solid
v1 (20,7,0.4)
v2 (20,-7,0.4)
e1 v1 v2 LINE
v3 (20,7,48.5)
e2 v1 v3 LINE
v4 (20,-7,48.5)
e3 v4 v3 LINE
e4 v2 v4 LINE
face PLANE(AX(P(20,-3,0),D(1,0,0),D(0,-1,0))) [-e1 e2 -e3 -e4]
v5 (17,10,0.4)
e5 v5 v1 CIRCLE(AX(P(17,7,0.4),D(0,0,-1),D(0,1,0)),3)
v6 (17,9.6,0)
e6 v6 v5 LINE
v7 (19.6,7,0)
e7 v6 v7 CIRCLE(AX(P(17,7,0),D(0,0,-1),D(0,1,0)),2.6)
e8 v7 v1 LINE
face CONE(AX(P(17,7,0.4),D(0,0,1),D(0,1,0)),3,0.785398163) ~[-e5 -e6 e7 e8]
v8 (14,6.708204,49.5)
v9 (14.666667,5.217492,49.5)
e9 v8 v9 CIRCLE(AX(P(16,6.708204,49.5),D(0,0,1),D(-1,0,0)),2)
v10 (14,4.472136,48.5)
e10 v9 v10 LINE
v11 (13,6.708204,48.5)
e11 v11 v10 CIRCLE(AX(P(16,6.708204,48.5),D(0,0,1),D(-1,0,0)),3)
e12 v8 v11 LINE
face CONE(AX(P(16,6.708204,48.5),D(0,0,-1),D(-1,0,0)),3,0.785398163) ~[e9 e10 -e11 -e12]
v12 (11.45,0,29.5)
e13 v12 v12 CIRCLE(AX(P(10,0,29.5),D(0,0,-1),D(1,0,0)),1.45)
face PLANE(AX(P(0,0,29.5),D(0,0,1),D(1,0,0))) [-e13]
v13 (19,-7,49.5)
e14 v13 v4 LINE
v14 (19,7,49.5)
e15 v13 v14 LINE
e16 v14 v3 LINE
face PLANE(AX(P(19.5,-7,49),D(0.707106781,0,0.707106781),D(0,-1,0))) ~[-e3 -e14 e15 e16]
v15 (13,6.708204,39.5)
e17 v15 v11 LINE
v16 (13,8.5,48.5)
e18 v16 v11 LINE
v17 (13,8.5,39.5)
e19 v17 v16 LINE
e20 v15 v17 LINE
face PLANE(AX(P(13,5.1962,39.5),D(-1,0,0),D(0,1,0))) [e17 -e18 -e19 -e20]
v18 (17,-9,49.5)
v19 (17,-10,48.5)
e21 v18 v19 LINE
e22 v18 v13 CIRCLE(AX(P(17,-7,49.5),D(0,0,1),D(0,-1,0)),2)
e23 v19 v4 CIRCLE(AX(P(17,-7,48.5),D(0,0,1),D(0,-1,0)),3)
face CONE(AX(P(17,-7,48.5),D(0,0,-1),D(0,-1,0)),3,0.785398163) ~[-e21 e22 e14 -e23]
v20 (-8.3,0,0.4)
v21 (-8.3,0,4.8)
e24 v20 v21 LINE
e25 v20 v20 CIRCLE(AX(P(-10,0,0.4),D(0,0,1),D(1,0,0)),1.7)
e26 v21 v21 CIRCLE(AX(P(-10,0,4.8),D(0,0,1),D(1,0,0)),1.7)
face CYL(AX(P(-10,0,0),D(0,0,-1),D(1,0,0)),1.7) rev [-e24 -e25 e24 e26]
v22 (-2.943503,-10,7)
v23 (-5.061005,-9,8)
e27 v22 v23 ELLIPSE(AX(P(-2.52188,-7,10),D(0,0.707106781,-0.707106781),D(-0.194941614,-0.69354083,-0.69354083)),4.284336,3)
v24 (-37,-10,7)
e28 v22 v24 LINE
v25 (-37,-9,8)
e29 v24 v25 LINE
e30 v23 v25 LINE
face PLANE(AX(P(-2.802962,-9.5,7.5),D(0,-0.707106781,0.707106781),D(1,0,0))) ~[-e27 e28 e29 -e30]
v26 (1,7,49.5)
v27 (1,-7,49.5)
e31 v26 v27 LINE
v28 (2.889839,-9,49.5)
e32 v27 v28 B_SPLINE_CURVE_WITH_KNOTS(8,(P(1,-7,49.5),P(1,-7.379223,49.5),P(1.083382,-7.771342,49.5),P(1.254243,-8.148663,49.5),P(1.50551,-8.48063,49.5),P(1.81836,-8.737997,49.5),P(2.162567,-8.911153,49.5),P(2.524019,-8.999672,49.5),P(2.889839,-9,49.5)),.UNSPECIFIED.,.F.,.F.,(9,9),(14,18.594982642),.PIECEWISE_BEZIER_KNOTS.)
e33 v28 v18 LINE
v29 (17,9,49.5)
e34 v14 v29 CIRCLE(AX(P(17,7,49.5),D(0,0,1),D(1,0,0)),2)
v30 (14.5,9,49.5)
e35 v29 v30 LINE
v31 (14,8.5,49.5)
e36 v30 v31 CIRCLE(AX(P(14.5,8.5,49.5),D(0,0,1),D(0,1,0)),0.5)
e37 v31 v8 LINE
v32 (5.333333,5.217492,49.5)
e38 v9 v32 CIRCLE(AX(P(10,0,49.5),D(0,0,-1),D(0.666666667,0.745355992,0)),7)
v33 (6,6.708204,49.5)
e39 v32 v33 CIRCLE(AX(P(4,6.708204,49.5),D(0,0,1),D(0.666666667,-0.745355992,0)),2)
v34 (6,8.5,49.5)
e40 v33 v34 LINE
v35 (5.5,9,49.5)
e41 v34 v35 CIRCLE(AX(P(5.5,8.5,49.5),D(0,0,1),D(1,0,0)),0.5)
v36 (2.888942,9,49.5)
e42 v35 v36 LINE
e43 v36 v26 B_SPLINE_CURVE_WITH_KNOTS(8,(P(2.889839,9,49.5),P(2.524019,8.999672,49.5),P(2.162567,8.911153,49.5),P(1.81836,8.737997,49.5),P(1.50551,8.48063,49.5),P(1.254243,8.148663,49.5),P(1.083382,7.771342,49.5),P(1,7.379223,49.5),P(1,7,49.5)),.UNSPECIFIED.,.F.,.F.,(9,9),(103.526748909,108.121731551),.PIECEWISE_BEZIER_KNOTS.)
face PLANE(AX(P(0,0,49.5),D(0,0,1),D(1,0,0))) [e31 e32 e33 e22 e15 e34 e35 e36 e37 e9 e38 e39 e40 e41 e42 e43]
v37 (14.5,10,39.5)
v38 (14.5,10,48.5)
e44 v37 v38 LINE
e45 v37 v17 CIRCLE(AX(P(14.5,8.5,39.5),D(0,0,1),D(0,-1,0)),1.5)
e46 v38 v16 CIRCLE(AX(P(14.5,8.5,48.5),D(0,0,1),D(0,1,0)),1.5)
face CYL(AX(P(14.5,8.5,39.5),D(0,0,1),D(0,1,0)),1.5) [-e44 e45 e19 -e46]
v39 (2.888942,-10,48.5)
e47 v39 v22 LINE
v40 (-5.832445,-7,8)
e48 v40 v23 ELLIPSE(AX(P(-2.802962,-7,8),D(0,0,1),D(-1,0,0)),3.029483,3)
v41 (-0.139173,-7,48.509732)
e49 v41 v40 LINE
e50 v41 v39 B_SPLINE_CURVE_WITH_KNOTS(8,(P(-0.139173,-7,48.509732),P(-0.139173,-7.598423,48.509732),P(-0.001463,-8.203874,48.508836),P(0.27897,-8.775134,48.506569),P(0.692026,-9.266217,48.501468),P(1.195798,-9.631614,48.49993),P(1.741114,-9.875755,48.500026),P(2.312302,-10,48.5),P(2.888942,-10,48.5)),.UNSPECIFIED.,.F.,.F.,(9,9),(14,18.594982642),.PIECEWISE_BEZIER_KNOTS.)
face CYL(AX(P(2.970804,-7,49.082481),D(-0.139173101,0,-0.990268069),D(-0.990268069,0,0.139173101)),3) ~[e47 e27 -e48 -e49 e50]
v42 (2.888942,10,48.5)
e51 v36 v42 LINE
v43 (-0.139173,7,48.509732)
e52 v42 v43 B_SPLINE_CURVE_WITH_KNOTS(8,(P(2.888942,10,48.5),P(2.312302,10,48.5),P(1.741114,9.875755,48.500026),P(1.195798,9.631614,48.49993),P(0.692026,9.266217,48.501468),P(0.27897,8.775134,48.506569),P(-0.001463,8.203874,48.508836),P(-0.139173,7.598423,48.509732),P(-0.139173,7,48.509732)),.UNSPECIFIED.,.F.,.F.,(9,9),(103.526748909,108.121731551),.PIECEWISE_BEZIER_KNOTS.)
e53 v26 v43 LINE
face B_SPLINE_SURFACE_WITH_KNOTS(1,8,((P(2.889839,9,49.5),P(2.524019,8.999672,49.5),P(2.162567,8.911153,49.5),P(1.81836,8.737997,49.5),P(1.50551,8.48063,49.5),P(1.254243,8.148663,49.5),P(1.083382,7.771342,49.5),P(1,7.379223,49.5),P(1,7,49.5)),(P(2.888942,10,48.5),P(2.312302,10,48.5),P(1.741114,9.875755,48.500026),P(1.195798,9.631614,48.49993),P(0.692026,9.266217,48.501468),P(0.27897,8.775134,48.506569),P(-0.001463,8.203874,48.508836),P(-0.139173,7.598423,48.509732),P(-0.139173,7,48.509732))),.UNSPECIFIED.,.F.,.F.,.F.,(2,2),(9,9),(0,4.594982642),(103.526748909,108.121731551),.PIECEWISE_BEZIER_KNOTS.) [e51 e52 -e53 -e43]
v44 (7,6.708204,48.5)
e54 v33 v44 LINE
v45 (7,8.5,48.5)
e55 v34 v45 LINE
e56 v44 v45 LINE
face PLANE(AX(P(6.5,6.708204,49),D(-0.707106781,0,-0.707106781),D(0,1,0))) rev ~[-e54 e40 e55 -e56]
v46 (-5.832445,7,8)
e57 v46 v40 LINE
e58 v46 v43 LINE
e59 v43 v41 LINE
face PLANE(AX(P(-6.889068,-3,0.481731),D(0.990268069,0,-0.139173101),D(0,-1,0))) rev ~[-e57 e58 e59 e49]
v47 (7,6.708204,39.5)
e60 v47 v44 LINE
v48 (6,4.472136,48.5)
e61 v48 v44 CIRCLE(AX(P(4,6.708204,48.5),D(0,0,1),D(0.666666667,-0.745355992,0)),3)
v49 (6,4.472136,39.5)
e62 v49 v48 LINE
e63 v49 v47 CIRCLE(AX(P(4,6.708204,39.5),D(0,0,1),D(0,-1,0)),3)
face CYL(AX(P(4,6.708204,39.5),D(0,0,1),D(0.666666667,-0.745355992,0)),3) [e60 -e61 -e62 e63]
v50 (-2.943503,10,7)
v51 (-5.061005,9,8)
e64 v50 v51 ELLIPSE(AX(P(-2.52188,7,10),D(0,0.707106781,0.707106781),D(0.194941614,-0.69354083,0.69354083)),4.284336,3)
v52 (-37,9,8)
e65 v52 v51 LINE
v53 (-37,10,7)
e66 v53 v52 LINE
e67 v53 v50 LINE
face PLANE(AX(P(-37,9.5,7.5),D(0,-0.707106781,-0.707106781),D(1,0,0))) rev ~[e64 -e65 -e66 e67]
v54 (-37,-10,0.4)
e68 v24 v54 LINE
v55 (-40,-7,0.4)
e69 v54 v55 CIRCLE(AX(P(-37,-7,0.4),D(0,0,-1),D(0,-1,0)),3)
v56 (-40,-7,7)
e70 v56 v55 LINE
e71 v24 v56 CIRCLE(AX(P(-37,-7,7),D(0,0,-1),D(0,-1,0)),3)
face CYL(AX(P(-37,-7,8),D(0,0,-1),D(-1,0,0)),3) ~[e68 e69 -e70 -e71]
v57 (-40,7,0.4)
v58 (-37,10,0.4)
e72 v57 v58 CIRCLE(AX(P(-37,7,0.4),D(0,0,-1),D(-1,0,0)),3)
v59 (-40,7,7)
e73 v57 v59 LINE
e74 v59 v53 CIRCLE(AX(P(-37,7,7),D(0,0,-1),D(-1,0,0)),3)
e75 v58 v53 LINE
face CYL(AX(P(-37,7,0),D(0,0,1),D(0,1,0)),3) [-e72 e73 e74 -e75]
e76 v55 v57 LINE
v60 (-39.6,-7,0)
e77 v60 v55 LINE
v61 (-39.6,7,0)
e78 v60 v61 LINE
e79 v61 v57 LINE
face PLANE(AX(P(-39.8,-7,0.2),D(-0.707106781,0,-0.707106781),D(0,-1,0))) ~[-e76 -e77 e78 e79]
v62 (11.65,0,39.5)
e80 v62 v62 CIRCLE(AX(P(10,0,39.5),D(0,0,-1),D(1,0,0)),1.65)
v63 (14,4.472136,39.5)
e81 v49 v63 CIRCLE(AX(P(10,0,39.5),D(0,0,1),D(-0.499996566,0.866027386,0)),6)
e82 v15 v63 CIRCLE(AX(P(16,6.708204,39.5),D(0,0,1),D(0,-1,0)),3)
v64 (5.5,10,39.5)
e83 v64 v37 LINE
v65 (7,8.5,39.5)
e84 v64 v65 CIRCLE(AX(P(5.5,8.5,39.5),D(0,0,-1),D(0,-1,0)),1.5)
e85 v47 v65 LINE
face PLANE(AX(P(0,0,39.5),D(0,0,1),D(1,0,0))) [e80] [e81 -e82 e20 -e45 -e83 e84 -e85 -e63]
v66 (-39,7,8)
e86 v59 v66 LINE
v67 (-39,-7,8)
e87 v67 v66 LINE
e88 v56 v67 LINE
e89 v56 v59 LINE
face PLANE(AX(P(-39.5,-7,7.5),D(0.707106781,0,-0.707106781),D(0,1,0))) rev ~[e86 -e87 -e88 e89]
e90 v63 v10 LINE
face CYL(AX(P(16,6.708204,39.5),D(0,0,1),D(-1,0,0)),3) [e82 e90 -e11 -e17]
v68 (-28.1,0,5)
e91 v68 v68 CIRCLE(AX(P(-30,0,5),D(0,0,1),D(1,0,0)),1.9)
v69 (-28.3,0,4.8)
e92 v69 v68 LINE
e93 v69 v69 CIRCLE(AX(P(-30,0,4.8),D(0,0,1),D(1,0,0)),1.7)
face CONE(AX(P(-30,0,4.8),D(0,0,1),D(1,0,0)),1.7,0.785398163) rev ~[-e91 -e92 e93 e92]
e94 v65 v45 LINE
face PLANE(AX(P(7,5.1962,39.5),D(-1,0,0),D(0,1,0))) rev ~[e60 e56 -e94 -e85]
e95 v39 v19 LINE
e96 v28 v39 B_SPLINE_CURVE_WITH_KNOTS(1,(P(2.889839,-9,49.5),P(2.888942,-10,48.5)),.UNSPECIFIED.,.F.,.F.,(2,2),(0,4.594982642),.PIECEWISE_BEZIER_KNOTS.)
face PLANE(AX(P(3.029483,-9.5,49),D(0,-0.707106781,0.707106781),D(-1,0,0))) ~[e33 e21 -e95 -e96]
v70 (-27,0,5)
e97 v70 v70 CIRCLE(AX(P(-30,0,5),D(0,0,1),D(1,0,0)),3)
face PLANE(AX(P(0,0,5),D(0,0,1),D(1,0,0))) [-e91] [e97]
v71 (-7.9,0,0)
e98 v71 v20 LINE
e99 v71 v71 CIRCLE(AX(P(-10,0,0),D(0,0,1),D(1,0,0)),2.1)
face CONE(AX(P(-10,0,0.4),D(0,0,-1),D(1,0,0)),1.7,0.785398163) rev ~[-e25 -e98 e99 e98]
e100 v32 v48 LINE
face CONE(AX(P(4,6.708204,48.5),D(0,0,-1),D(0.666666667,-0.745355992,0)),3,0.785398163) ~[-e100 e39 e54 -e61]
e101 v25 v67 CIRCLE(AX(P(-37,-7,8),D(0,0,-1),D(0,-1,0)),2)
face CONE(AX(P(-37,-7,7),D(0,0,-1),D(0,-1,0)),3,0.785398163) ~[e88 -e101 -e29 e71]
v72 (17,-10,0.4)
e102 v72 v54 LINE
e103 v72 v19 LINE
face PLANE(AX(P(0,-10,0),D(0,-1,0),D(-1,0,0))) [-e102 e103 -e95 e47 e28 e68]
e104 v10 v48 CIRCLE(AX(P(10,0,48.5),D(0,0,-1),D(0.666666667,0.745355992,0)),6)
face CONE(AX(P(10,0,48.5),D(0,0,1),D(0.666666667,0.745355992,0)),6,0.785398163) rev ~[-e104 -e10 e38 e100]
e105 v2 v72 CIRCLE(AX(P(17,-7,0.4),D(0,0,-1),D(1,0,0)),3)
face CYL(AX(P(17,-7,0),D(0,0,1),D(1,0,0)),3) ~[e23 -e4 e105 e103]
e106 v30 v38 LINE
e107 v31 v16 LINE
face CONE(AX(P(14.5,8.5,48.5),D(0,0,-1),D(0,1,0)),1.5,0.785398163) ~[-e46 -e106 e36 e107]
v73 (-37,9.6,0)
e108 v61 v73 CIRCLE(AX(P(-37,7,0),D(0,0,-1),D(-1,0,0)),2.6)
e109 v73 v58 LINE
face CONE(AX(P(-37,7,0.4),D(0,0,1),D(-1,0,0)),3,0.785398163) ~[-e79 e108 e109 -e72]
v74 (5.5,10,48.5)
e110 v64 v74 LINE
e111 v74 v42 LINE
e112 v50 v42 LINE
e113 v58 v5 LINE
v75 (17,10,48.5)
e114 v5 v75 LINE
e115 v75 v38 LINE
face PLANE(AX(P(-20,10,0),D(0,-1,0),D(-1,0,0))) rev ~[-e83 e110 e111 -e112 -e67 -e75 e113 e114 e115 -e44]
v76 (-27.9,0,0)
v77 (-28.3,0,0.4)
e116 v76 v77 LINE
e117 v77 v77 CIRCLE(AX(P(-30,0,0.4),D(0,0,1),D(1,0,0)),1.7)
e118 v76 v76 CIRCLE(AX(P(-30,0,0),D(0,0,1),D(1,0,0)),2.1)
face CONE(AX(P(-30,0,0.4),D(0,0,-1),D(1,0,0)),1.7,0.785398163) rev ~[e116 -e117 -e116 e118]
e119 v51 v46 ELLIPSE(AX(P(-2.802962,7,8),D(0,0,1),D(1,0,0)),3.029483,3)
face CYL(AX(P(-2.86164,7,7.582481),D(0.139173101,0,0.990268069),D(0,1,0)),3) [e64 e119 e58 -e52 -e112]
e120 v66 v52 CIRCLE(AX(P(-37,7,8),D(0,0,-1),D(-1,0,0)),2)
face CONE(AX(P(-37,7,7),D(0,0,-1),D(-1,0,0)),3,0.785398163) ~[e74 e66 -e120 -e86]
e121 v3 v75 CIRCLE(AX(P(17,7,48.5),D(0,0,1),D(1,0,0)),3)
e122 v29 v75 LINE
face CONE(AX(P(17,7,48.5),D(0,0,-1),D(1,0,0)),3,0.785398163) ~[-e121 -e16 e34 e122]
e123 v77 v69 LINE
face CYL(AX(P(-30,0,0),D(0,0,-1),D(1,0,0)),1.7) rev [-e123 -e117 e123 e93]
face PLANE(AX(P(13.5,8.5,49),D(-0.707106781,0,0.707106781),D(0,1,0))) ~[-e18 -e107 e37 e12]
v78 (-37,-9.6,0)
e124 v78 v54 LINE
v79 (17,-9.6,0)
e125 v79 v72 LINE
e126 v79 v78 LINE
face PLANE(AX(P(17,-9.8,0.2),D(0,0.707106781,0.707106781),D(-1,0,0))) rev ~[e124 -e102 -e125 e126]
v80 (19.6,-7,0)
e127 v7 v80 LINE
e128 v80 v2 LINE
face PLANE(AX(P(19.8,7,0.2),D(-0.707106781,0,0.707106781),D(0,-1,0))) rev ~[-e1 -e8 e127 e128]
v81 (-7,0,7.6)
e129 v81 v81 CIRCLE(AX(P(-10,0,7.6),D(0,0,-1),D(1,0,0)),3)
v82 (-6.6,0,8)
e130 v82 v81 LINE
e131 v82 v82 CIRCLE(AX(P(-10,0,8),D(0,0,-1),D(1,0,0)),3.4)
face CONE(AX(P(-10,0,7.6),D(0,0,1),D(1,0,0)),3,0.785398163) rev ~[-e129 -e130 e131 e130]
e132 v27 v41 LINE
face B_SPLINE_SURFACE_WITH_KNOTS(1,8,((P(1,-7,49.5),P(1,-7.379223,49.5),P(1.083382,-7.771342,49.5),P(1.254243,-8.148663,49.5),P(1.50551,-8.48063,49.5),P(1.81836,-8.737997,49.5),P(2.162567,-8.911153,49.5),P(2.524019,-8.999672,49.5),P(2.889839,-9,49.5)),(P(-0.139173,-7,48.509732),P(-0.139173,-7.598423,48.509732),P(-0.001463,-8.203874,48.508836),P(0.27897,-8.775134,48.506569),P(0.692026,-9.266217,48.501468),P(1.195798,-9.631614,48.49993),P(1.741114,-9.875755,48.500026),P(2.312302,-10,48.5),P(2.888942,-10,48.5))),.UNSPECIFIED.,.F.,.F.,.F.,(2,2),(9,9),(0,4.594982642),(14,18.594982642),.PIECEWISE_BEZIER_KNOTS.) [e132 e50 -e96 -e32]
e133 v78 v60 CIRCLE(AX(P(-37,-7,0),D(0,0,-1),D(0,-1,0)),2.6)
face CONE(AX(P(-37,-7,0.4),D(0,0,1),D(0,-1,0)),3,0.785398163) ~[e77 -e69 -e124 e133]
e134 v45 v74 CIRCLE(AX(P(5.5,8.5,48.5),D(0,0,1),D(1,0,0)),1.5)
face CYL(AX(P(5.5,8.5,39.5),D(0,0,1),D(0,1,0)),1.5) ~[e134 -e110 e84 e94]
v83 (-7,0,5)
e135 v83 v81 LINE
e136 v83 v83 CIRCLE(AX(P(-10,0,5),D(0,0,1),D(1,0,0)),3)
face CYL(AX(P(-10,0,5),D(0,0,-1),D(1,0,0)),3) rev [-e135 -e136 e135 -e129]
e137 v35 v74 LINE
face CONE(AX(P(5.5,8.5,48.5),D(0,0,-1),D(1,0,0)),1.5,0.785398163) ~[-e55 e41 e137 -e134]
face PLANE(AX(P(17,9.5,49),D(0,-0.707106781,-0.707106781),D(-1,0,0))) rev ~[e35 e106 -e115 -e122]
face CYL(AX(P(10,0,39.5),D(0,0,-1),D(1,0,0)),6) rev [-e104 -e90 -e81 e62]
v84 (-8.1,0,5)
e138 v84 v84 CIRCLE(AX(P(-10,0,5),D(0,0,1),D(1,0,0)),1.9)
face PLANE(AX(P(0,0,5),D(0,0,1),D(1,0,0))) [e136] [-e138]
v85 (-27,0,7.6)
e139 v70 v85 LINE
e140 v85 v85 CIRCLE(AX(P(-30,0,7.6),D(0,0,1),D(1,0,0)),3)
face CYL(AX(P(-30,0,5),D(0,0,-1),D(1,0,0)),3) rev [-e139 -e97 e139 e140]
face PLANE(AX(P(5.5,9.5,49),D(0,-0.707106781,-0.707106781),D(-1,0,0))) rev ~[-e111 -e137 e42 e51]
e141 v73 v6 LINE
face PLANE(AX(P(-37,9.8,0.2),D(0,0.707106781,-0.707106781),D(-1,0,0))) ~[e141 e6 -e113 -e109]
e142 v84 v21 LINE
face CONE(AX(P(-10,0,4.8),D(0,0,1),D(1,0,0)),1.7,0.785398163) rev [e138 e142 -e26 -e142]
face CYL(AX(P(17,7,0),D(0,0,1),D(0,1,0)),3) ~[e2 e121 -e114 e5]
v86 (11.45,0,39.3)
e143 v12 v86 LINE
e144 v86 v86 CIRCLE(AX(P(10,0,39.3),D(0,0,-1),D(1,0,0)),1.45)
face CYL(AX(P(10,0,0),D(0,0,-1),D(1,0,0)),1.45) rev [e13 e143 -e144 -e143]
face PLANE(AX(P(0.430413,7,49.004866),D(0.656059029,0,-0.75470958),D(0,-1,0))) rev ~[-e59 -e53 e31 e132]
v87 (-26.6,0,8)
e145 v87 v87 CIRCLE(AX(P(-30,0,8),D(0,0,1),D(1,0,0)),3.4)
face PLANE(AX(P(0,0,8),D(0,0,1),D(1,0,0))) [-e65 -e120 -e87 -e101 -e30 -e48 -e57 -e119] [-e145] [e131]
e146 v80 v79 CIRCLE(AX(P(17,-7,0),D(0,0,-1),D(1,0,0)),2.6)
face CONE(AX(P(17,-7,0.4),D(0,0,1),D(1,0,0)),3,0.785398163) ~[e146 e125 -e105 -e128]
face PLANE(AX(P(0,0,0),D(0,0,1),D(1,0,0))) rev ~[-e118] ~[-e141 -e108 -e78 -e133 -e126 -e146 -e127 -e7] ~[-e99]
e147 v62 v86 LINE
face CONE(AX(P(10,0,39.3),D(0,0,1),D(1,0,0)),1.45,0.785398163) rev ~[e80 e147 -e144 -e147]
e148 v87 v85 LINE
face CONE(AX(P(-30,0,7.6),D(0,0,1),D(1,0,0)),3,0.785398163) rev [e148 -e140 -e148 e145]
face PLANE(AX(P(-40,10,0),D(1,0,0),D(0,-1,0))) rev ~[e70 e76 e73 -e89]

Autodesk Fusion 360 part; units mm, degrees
sketch "Sketch1" plane through (0, 0, 0) normal (0, 0, 1) x (1, 0, 0)
  line L0 (20, -10) -> (-20, -10)
  line L1 (-20, -10) -> (-20, 10)
  line L2 (-20, 10) -> (20, 10)
  line L3 (20, 10) -> (20, -10)
  line L4 (20, -10) -> (-20, 10) construction
  line L5 (-20, -10) -> (20, 10) construction
  line L6 (10, 10) -> (10, -10)
  line L7 (-10, 10) -> (-10, -10) construction
  circle A0 centre (-10, 0) radius 1.7
  circle A1 centre (-10, 0) radius 3
  circle A2 centre (10, 0) radius 1.45
  circle A3 centre (10, 0) radius 3
  line L8 (-20, 3) -> (20, 3)
  line L9 (-20, -3) -> (20, -3)
  circle A4 centre (10, 0) radius 6
  line L10 (13, 5.1962) -> (13, 10)
  line L11 (7, 5.1962) -> (7, 10)
  line L12 (-7, 3) -> (-7, -3)
  line L13 (7, 3) -> (7, -3)
  line L14 (0, 10) -> (0, -10)
  line L15 (-20, 10) -> (-40, 10)
  line L16 (-40, 10) -> (-40, -10)
  line L17 (-40, -10) -> (-20, -10)
  line L18 (-40, 0) -> (-20, 0) construction
  circle A5 centre (-30, 0) radius 1.7
  circle A6 centre (-30, 0) radius 3
  dimension "d1" = 40
  dimension "d2" = 20
  dimension "d3" = 10
  dimension "d4" = 10
  dimension "d5" = 3.4
  dimension "d6" = 6
  dimension "d7" = 12
  dimension "d8" = 6
  dimension "d15" = 2.9
  dimension "d36" = 20
extrude "Extrude1" add sketch "Sketch1" against normal blind 1.2 contours L8 L9 A4 L14 | L8 L9 L12 L14 | L8 L9 A4 L13
extrude "Extrude2" add sketch "Sketch1" along normal blind 39.5 contours L0 L3 L6 L9 A4 | L0 L6 L9 A4 L14 | L3 L8 L9 A4 | L6 L9 A4 | L6 L9 A4 | L2 L3 L8 A4 L10 | A3 L8 L9 A4 | L8 L9 A4 L14 | L6 A2 A3 | A3 L9 L13 | L6 A2 A3 | L8 L9 A4 L13 | L6 L8 A4 | L2 L8 A4 L11 L14 | L6 A2 | L6 A2 | A3 L8 L13 | L6 L8 A4 | L2 L6 A4 L10 | L2 L6 A4 L11
extrude "Extrude3" cut sketch "Sketch1" along normal blind 39.5 contours L6 A2 | L6 A2
extrude "Extrude4" add sketch "Sketch1" along normal blind 29.5 contours L6 A2 | L6 A2
extrude "Extrude5" add sketch "Sketch1" along normal blind 5 contours L0 L1 L9 L14 | L1 L15 L16 L17 | L8 L9 L12 L14 | L1 A1 L8 L9 | A1 L9 L12 | L1 L2 L8 L14 | A1 | A1 L8 L12 | A6
extrude "Extrude6" add sketch "Sketch1" along normal blind 3 from surface at 5 contours L0 L1 L9 L14 | L1 L15 L16 L17 | L8 L9 L12 L14 | L1 A1 L8 L9 | A1 L9 L12 | L1 L2 L8 L14 | A1 L8 L12
extrude "Extrude8" add sketch "Sketch1" along normal blind 10 from surface at 39.5 contours L0 L3 L6 L9 A4 | L0 L6 L9 A4 L14 | L3 L8 L9 A4 | L2 L3 L8 A4 L10 | L8 L9 A4 L14 | L2 L8 A4 L11 L14
fillet "Fillet3" radius 3 2 edges at (7, 5.1962, 44.5) (13, 5.1962, 44.5)
draft "Draft1" angle 8 neutral plane through (0, 0, 49.5) pull (0, 0, 1) 1 faces at (0, 3.3333, 21.8333)
fillet "Fillet1" radius 3 6 edges at (20, -10, 24.75) (20, 10, 24.75) (-2.9162, 10, 28.75) (-2.9162, -10, 28.75) (-40, -10, 4) (-40, 10, 4)
chamfer "Chamfer1" distance 0.4 angle 45 2 edges at (-12.797, 1.0848, 8) (-32.797, 1.0848, 8)
chamfer "Chamfer2" distance 0.2 angle 45 2 edges at (-11.585, 0.6147, 5) (-31.585, 0.6147, 5)
chamfer "Chamfer3" distance 0.2 angle 45 1 edges at (8.6481, 0.5243, 39.5)
chamfer "Chamfer4" distance 1 angle 45 5 edges at (-19.9015, 10, 8) (-39.1213, 9.1213, 8) (-40, 0, 8) (-39.1213, -9.1213, 8) (-19.9015, -10, 8)
extrude "Extrude7" cut 1 faces at (-2.3333, 1, -1.2) along direction (0, 0, 1) blind 1.2
chamfer "Chamfer5" distance 0.4 angle 45 1 faces at (8.5667, 0, 0)
fillet "Fillet4" radius 1.5 2 edges at (7, 10, 44.5) (13, 10, 44.5)
chamfer "Chamfer6" distance 1 angle 45 16 edges at (0, 0, 49.5) (0.8873, -9.1213, 49.5) (10.0147, -10, 49.5) (19.1213, -9.1213, 49.5) (20, 0, 49.5) (19.1213, 9.1213, 49.5) (15.75, 10, 49.5) (13.4393, 9.5607, 49.5) (13, 7.6041, 49.5) (13.2614, 5.4835, 49.5) (10, -6, 49.5) (6.7386, 5.4835, 49.5) (7, 7.6041, 49.5) (6.5607, 9.5607, 49.5) (4.2647, 10, 49.5) (0.8873, 9.1213, 49.5)
equation "d9 = -( 2 mm - 0.8 mm )"
equation "d16 = 39.50 mm - 10 mm"
